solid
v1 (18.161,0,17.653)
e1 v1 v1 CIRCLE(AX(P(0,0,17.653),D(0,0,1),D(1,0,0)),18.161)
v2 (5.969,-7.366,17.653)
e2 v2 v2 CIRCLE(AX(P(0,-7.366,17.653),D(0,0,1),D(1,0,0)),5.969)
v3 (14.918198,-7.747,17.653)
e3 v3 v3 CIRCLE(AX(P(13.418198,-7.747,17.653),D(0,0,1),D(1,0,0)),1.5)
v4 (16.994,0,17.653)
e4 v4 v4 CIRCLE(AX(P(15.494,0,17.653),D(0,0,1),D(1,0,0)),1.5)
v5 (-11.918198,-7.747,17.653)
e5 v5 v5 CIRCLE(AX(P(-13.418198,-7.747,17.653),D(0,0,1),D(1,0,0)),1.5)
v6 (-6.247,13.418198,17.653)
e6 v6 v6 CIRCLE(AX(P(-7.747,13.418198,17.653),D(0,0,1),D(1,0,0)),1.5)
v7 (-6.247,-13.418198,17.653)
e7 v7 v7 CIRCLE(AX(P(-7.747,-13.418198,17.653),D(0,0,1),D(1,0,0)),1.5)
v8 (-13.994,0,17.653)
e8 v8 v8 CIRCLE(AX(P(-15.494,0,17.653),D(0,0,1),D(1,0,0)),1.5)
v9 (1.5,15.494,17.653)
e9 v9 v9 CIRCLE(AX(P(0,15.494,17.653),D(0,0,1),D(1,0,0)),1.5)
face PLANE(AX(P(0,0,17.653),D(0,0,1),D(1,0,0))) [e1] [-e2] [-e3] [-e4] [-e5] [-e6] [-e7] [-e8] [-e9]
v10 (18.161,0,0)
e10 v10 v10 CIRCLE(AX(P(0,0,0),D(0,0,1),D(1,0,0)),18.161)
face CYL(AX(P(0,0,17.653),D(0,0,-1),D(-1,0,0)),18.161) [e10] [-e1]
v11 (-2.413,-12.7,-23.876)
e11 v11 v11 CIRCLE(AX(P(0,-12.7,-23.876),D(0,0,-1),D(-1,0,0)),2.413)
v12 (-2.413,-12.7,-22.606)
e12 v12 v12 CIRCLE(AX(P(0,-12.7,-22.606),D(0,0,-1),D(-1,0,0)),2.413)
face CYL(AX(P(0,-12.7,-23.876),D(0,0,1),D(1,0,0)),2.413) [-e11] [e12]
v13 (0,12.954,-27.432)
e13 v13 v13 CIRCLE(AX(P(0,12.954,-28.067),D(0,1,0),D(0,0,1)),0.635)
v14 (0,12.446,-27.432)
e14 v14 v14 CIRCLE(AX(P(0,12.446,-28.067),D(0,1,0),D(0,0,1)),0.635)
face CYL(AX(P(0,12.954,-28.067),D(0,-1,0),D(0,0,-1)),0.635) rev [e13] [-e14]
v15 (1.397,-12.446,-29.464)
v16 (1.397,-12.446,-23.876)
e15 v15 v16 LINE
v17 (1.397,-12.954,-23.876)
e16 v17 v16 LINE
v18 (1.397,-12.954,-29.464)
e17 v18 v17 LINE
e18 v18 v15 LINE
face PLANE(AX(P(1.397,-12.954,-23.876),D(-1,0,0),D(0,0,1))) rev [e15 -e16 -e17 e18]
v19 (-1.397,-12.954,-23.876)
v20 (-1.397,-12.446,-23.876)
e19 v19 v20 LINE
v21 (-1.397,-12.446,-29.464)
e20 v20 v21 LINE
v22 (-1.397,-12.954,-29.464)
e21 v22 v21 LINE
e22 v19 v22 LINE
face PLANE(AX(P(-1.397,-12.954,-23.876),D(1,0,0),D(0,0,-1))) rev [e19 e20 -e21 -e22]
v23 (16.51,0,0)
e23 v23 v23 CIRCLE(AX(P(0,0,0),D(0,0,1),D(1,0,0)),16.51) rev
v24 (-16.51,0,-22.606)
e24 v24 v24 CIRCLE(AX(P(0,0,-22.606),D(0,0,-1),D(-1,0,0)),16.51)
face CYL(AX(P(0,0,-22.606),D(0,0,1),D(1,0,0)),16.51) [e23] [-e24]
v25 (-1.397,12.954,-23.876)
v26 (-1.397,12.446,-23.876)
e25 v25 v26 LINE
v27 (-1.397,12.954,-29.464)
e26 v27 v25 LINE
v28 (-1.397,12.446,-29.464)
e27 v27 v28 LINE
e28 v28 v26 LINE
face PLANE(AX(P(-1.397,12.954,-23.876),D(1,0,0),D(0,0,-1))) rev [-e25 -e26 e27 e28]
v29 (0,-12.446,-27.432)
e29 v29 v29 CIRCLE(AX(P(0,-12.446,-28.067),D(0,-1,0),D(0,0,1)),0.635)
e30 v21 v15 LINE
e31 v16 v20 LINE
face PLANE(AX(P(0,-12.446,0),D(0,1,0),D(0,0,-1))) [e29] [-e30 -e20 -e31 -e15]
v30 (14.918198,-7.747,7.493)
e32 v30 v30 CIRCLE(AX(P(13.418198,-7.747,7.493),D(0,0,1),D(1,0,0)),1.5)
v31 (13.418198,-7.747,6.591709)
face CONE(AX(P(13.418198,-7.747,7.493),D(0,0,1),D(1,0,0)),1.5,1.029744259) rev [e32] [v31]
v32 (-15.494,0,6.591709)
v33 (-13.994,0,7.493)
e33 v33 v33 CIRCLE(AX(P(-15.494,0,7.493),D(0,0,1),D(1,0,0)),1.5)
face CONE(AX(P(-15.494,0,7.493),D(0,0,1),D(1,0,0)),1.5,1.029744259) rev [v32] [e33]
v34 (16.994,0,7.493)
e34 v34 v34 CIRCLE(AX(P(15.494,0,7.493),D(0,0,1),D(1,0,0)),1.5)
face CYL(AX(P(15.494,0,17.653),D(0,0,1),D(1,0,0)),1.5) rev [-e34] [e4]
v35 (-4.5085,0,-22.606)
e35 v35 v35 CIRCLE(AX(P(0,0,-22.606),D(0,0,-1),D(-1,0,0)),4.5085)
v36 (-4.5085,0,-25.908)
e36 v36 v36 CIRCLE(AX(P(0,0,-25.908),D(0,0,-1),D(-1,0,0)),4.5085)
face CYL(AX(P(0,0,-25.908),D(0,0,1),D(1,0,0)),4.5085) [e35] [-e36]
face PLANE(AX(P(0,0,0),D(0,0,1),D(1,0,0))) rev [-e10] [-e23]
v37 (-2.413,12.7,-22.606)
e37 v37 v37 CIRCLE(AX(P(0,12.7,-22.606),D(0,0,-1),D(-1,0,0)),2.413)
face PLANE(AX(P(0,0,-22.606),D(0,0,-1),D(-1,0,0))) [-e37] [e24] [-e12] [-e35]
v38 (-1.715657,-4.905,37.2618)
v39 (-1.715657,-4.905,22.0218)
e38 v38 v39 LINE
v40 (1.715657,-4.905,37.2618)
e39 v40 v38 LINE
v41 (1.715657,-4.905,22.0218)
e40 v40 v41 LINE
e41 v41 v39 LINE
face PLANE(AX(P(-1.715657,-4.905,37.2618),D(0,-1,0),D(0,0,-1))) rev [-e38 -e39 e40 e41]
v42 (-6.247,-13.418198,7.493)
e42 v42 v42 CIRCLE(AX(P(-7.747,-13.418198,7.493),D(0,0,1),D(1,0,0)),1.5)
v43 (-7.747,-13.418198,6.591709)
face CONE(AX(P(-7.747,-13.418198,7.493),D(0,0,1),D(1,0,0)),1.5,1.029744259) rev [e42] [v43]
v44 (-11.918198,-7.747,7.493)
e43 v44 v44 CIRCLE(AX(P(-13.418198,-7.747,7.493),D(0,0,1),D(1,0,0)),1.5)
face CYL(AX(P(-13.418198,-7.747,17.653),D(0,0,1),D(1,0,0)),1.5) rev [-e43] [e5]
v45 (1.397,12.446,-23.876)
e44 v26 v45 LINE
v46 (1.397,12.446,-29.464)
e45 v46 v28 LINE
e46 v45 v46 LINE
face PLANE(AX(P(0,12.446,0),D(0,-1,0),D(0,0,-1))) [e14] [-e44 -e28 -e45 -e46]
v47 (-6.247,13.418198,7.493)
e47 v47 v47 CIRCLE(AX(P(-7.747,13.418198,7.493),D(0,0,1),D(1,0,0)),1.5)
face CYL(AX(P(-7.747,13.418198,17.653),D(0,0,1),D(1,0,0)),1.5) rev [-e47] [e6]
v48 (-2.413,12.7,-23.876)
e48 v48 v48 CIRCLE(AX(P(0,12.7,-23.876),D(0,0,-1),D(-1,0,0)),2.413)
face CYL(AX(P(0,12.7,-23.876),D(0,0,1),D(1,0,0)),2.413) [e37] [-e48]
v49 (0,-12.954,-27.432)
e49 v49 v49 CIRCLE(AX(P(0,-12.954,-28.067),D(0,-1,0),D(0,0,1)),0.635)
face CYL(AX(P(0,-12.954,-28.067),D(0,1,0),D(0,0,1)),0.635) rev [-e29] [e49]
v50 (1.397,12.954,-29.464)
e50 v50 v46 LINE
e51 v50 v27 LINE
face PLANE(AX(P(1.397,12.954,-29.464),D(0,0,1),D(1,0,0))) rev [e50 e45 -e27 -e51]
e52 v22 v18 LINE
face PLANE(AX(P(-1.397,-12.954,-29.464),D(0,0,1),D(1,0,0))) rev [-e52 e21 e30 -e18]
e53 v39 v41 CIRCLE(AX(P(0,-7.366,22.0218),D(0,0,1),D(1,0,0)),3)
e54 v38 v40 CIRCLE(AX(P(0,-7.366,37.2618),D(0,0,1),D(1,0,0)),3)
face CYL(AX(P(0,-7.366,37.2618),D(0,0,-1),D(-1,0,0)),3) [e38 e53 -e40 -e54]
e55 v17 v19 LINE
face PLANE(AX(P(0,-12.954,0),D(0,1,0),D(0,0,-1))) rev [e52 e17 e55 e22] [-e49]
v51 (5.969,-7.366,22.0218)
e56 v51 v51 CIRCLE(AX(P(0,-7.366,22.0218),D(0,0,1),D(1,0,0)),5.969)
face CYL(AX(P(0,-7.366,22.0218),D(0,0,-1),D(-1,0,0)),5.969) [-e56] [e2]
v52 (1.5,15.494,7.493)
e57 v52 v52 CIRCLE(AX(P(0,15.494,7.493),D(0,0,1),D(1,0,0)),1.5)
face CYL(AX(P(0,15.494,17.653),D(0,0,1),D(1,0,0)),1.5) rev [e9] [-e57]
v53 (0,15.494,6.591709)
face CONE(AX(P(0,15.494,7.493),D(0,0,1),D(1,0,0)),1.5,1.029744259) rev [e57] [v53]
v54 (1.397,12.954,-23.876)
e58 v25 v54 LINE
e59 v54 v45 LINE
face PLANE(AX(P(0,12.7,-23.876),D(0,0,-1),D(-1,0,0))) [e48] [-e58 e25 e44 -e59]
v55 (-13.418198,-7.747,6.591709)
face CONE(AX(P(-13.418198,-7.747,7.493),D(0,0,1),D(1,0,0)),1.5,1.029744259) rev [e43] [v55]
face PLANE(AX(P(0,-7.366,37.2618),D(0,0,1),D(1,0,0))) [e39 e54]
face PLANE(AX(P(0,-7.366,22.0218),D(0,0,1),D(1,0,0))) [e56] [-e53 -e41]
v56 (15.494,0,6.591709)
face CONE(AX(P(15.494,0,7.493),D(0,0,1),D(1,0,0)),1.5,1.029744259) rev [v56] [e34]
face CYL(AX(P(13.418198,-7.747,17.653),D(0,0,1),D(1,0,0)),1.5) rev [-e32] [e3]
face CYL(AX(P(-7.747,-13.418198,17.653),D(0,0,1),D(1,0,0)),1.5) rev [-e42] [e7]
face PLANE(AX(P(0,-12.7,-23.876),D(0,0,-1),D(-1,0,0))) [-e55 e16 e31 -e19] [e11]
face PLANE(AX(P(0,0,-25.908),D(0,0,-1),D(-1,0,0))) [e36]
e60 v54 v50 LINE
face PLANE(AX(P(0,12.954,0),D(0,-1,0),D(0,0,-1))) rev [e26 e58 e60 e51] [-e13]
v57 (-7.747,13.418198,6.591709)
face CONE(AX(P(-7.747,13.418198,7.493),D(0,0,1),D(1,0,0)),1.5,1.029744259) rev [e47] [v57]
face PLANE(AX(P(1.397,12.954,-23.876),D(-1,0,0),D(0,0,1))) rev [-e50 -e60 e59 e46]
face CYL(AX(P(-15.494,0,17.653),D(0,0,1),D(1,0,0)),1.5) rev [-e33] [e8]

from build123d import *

# Parameters (mm, degrees)
SKETCH1_R           = 18.161
BOSS_EXTRUDE1_DEPTH = 17.653
SKETCH2_R           = 16.51
BOSS_EXTRUDE2_DEPTH = 22.606
SKETCH3_R           = 4.5085
BOSS_EXTRUDE3_DEPTH = 3.302
SKETCH4_R           = 2.413
BOSS_EXTRUDE4_DEPTH = 1.27
SKETCH5_R           = 5.969
BOSS_EXTRUDE5_DEPTH = 4.3688
BOSS_EXTRUDE6_DEPTH = 15.24
SKETCH8_W           = 5.588
SKETCH8_H           = 2.794
SKETCH8_R           = 0.635
BOSS_EXTRUDE7_DEPTH = 0.254
CIRPATTERN1_COUNT   = 2
CIRPATTERN2_COUNT   = 12


with BuildPart() as part:
    # Sketch1 → Boss-Extrude1 (new body)
    with BuildSketch(Plane.XY):
        Circle(SKETCH1_R)
    extrude(amount=BOSS_EXTRUDE1_DEPTH)

    # Sketch2 → Boss-Extrude2 (add)
    with BuildSketch(Plane(origin=(0, 0, 0), x_dir=(-1, 0, 0), z_dir=(0, 0, -1))):
        Circle(SKETCH2_R)
    extrude(amount=BOSS_EXTRUDE2_DEPTH)

    # Sketch3 → Boss-Extrude3 (add)
    with BuildSketch(Plane(origin=(0, 0, -22.606), x_dir=(-1, 0, 0), z_dir=(0, 0, -1))):
        Circle(SKETCH3_R)
    extrude(amount=BOSS_EXTRUDE3_DEPTH)

    # Sketch4 → Boss-Extrude4 (add)
    with BuildSketch(Plane(origin=(0, 0, -22.606), x_dir=(-1, 0, 0), z_dir=(0, 0, -1))):
        with Locations((0, -12.7)):
            Circle(SKETCH4_R)
        with Locations((0, 12.7)):
            Circle(SKETCH4_R)
    extrude(amount=BOSS_EXTRUDE4_DEPTH)

    # Sketch5 → Boss-Extrude5 (add)
    with BuildSketch(Plane.XY.offset(17.653)):
        with Locations((0, -7.366)):
            Circle(SKETCH5_R)
    extrude(amount=BOSS_EXTRUDE5_DEPTH)

    # Sketch6 → Boss-Extrude6 (add)
    with BuildSketch(Plane.XY.offset(22.0218)):
        with BuildLine():
            Line((-1.715657017, -4.905), (1.715657017, -4.905))
            ThreePointArc((1.715657017, -4.905), (0, -10.366), (-1.715657017, -4.905))
        make_face()
    extrude(amount=BOSS_EXTRUDE6_DEPTH)

    # Sketch8 → Boss-Extrude7 (add, symmetric)
    with BuildSketch(Plane.ZX.offset(12.7)):
        with Locations((-26.67, 0)):
            Rectangle(SKETCH8_W, SKETCH8_H)
        with Locations((-28.067, 0)):
            Circle(SKETCH8_R, mode=Mode.SUBTRACT)
    boss_extrude7 = extrude(amount=BOSS_EXTRUDE7_DEPTH, both=True)

    # CirPattern1: Boss-Extrude7 ×2 about axis
    cirpattern1_axis = Axis((0, 0, -25.908), (0, 0, 1))
    for i in range(1, CIRPATTERN1_COUNT):
        add(boss_extrude7.rotate(cirpattern1_axis, i * 360 / CIRPATTERN1_COUNT))

    # Sketch12 → Ø3.0mm Dowel Hole1 (revolve, cut)
    with BuildSketch(Plane(origin=(0, 15.494, 17.653), x_dir=(0, -1, 0), z_dir=(1, 0, 0))):
        Polygon((0, 0), (0, 11.061290929), (1.5, 10.16), (1.5, 0), align=None)
    f_3_0mm_dowel_hole1 = revolve(axis=Axis((0, 15.494, 24.003), (0, 0, -1)), mode=Mode.SUBTRACT)

    # CirPattern2: Ø3.0mm Dowel Hole1 ×12 about axis, 5 skipped
    cirpattern2_axis = Axis((0, 0, 17.653), (0, 0, -1))
    add([f_3_0mm_dowel_hole1.rotate(cirpattern2_axis, i * 360 / CIRPATTERN2_COUNT) for i in range(1, CIRPATTERN2_COUNT) if i not in (1, 2, 5, 6, 10)], mode=Mode.SUBTRACT)


solid = part.part
